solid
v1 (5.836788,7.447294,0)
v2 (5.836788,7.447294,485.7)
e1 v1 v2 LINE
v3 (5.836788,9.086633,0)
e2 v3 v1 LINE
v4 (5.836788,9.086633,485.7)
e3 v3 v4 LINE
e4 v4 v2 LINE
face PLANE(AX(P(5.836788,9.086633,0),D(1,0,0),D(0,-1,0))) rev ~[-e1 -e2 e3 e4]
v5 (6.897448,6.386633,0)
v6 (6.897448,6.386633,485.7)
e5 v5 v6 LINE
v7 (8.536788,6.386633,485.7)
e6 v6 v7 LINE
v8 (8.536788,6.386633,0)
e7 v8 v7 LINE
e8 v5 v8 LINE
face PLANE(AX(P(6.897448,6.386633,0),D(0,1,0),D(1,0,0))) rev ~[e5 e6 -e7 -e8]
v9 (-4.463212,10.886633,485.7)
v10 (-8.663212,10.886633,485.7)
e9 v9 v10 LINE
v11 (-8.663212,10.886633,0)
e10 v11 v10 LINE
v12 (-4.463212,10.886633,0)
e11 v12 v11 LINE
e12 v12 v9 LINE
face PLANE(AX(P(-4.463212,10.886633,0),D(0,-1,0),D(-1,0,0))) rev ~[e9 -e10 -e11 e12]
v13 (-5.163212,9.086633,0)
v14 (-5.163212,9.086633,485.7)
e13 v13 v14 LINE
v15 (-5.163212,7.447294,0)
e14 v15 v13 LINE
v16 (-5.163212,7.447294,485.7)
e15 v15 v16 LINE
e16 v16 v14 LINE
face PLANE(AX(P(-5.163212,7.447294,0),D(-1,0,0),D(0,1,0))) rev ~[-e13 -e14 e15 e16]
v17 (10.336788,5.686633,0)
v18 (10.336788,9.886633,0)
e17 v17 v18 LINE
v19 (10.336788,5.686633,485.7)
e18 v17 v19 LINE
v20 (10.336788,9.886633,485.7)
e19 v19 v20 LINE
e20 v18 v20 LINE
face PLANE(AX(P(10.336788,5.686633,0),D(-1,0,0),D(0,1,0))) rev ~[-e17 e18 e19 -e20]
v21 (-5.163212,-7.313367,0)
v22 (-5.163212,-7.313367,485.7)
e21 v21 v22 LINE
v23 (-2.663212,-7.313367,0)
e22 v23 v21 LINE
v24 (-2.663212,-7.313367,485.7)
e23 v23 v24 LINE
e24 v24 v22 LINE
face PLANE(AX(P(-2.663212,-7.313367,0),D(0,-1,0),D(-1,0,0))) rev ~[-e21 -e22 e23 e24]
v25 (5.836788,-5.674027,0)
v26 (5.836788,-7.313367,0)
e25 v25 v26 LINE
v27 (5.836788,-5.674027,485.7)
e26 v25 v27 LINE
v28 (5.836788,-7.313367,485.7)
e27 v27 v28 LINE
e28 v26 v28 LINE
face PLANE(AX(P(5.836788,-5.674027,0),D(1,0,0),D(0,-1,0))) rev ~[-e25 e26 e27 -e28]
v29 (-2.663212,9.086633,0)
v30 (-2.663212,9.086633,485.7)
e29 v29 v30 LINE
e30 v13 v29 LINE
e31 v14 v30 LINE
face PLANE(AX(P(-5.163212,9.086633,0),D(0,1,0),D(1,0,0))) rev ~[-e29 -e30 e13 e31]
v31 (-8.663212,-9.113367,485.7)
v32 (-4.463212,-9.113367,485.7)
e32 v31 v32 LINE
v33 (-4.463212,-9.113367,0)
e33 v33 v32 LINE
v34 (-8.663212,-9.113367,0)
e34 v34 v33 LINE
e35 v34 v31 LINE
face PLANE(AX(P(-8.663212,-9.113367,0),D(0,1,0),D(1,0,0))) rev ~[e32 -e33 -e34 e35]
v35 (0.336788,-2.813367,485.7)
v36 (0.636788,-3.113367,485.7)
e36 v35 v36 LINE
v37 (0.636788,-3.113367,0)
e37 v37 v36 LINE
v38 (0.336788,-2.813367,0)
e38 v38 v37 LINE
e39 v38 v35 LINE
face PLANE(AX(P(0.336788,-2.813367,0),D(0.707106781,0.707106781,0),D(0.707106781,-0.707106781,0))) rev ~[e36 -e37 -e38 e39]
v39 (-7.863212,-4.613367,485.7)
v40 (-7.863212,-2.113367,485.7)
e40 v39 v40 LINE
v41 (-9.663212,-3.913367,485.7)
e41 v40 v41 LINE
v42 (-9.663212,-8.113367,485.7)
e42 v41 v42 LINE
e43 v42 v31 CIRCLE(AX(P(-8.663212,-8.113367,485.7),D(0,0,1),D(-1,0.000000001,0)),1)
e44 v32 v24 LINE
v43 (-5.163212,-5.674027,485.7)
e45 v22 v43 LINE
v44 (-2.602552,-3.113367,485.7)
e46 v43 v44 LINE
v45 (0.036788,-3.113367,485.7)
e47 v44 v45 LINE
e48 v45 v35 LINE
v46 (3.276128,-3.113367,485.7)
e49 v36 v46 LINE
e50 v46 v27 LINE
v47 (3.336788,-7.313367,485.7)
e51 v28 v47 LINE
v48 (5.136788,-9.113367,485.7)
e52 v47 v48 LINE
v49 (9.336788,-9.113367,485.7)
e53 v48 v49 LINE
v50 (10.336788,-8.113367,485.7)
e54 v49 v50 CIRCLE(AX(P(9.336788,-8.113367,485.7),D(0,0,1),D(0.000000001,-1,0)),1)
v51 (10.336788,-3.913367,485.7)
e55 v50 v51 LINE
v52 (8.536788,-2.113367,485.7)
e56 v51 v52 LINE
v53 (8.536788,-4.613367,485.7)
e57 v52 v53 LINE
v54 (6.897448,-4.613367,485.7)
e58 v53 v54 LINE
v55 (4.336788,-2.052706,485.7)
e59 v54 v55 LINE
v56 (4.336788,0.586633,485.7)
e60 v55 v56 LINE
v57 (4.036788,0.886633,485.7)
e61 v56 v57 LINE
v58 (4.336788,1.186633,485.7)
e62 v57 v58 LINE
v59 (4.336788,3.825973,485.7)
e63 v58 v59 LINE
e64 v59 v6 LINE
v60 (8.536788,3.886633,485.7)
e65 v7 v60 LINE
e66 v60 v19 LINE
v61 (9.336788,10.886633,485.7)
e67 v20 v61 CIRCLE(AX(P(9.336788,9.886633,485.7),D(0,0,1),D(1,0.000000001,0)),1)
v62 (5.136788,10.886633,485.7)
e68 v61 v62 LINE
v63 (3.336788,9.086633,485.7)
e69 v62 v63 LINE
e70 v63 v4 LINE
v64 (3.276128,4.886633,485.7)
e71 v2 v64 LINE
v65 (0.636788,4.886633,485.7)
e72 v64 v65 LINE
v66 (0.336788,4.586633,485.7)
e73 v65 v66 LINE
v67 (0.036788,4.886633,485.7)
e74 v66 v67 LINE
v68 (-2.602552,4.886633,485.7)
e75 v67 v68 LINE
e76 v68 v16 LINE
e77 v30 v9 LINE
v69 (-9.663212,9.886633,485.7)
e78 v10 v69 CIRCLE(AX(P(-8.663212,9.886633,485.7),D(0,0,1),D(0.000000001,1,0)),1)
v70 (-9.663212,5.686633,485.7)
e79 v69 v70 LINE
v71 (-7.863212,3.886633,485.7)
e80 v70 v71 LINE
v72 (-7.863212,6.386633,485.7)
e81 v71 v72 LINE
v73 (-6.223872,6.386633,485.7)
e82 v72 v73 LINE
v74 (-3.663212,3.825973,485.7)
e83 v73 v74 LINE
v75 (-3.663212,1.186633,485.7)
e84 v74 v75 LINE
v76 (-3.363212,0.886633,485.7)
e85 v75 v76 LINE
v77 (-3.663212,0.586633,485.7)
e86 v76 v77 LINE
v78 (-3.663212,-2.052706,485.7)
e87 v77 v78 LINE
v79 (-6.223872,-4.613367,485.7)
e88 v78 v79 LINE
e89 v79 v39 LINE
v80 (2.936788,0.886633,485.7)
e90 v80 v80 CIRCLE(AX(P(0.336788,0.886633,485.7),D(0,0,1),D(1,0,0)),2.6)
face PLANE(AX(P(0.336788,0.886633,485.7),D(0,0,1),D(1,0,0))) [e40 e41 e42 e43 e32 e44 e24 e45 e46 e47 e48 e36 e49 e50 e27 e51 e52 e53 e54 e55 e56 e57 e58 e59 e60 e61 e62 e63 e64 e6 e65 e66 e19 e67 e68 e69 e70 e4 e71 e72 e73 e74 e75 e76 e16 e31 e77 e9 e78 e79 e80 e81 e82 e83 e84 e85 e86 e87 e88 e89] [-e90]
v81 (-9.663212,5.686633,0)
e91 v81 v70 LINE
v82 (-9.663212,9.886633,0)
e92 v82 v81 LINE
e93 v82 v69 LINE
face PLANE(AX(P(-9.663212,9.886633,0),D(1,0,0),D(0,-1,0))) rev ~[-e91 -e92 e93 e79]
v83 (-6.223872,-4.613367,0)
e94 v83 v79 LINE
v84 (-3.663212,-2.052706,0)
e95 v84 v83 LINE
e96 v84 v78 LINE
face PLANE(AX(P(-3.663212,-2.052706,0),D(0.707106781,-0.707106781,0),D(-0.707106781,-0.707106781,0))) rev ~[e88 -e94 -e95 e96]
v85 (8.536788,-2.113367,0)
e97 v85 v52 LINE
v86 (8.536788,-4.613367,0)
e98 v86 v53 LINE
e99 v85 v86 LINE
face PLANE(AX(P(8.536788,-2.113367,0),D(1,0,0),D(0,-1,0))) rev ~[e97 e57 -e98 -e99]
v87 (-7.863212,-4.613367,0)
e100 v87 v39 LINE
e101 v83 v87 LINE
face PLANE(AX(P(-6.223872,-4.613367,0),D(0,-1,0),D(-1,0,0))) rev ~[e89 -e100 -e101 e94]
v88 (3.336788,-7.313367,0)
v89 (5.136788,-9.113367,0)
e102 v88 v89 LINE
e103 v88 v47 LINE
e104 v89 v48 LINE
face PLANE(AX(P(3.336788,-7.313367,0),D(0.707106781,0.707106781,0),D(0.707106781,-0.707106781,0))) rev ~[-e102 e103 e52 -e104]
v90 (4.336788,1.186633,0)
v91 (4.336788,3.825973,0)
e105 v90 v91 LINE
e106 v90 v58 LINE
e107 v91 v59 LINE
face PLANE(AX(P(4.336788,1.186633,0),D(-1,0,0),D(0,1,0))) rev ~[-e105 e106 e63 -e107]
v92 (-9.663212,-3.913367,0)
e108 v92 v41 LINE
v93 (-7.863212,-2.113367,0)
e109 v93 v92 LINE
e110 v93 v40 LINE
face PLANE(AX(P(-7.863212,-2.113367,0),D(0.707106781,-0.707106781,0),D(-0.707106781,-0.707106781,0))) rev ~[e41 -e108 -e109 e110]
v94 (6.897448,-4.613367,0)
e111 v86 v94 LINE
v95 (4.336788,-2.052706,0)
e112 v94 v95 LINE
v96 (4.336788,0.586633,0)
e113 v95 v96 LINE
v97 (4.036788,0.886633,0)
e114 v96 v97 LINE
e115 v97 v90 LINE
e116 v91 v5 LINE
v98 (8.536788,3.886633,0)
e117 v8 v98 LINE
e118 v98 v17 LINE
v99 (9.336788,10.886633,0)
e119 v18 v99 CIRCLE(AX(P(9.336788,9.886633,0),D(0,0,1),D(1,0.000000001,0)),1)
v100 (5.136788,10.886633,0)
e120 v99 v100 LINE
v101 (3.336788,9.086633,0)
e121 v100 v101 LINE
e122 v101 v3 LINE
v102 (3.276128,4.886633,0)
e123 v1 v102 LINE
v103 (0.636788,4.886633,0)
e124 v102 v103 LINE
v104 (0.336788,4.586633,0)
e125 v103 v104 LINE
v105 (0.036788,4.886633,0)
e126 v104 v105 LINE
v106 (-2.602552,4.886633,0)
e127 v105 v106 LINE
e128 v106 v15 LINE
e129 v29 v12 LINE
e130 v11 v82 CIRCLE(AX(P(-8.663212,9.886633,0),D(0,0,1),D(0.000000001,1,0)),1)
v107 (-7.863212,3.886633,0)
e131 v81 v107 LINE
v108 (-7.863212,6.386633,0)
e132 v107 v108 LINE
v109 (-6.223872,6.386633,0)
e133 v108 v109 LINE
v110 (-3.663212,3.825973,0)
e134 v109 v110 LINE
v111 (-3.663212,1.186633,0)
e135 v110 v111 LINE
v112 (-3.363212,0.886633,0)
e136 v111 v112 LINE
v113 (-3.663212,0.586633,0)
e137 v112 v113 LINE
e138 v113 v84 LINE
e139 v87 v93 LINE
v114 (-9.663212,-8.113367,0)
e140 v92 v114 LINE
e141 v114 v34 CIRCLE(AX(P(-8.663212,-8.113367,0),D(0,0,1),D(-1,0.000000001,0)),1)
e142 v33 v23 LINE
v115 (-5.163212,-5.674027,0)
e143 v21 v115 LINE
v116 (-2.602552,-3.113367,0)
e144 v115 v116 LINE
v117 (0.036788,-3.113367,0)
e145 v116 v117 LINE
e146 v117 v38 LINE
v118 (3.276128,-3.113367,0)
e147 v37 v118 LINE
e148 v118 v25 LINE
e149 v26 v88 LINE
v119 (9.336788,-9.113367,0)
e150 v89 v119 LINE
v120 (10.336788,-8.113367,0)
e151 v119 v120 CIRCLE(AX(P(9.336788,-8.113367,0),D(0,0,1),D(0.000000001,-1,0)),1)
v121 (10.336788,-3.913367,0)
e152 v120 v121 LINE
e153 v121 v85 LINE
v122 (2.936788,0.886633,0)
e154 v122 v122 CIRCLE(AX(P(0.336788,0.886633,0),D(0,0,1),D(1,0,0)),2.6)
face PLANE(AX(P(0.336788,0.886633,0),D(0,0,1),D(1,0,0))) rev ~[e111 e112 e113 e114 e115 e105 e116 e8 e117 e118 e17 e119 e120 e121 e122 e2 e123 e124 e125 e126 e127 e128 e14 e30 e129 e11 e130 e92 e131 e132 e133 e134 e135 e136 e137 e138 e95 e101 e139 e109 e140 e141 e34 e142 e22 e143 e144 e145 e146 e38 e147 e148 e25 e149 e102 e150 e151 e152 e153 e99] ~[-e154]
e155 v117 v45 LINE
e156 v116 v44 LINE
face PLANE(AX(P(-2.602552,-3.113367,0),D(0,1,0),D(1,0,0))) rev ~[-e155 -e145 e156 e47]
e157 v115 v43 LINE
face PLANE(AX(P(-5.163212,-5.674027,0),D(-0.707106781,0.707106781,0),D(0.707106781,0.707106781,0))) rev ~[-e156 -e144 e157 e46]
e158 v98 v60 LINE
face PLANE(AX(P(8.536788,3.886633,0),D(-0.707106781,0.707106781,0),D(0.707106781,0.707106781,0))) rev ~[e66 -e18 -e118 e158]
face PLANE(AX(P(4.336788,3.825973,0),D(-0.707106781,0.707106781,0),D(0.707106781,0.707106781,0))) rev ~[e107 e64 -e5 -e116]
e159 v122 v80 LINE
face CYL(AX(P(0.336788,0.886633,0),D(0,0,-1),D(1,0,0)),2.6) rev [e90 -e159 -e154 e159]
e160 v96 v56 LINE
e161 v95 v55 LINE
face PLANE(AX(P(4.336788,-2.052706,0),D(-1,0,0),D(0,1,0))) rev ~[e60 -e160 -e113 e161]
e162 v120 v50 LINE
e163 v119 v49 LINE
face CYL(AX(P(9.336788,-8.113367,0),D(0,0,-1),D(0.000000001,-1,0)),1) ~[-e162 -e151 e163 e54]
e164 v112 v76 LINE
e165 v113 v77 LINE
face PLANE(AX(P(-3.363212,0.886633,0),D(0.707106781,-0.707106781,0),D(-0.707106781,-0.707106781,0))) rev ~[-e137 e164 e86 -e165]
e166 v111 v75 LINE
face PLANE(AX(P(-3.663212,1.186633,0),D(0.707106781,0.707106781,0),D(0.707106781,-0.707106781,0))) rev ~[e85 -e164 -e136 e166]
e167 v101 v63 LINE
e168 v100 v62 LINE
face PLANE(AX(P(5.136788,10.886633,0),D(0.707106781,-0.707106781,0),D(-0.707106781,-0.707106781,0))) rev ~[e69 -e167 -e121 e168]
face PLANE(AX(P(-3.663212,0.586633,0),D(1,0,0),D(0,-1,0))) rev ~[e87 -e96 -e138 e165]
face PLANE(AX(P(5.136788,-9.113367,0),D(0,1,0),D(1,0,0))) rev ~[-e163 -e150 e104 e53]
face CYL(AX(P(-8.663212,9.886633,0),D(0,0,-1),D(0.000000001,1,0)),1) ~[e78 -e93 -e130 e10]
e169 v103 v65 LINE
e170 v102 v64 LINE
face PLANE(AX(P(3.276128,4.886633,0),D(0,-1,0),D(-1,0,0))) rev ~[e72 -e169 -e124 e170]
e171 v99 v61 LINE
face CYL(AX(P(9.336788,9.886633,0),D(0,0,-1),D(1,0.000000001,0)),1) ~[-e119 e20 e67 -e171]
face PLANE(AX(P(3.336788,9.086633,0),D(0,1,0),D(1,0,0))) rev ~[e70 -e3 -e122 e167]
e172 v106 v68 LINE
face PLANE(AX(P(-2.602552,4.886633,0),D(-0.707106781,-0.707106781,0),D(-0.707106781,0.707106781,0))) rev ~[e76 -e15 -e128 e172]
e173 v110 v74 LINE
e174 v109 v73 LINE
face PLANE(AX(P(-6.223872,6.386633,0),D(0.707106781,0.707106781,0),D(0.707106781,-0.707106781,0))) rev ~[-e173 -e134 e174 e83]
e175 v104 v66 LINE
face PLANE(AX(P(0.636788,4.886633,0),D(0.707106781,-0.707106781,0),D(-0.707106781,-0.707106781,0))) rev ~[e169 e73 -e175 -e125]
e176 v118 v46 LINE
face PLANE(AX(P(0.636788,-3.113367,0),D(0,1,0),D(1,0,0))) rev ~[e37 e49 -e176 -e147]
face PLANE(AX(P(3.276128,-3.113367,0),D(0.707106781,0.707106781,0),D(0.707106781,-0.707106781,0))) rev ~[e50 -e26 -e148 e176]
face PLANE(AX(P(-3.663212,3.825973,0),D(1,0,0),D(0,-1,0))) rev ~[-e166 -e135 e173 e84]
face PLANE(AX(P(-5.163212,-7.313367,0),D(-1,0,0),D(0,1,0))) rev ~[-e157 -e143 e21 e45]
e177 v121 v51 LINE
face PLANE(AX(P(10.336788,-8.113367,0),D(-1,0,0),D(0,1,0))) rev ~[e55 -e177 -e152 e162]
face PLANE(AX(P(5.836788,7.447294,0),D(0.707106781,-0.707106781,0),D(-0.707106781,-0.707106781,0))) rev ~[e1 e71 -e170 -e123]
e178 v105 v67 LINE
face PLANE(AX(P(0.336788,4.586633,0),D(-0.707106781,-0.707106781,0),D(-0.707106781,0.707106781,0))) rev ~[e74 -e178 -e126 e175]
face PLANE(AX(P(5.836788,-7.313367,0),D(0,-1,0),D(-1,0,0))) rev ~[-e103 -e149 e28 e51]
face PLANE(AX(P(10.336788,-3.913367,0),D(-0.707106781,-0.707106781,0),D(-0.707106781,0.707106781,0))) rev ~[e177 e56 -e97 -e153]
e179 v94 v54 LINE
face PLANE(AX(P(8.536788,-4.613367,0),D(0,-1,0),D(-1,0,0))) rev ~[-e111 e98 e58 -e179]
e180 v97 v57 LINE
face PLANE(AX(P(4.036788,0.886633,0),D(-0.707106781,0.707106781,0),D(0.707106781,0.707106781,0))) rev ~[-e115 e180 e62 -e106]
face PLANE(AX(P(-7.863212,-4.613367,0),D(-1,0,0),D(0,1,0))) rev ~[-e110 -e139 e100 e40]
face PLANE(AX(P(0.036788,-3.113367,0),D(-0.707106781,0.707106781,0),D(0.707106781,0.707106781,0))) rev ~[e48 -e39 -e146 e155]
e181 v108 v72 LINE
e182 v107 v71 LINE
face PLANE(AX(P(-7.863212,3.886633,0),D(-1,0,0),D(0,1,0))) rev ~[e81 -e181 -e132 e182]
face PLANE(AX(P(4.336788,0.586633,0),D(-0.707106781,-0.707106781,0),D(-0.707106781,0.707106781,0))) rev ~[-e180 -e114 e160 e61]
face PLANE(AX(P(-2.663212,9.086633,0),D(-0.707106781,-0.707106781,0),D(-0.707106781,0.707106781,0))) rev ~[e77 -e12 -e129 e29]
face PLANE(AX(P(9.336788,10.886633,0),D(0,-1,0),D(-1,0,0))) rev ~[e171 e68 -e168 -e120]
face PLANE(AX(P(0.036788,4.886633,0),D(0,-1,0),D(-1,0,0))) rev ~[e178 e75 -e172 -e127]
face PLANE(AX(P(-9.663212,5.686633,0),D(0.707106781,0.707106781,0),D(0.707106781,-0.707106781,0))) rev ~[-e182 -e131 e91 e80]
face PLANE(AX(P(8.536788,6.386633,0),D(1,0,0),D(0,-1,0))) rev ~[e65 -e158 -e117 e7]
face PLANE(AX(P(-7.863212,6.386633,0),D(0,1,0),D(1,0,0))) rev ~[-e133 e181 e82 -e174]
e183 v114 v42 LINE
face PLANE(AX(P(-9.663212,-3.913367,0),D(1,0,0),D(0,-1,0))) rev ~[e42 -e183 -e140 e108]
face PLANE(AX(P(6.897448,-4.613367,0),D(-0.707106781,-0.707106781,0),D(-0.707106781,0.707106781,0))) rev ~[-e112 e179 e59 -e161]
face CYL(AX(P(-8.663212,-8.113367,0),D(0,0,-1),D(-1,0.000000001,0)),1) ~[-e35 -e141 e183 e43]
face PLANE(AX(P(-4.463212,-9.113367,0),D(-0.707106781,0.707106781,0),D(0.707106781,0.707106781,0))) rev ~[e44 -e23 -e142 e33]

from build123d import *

# Parameters (mm, degrees)
SKETCH1_R           = 2.6
BOSS_EXTRUDE1_DEPTH = 485.7


with BuildPart() as part:
    # Sketch1 → Boss-Extrude1 (new body)
    with BuildSketch(Plane.XY):
        with BuildLine():
            Line((10.336788111, -8.113366567), (10.336788111, -3.913366567))
            Line((10.336788111, -3.913366567), (8.536788111, -2.113366567))
            Line((8.536788111, -2.113366567), (8.536788111, -4.613366567))
            Line((8.536788111, -4.613366567), (6.897448282, -4.613366567))
            Line((6.897448282, -4.613366567), (4.336788111, -2.052706395))
            Line((4.336788111, -2.052706395), (4.336788111, 0.586633433))
            Line((4.336788111, 0.586633433), (4.036788111, 0.886633433))
            Line((4.036788111, 0.886633433), (4.336788111, 1.186633433))
            Line((4.336788111, 1.186633433), (4.336788111, 3.825973261))
            Line((4.336788111, 3.825973261), (6.897448282, 6.386633433))
            Line((6.897448282, 6.386633433), (8.536788111, 6.386633433))
            Line((8.536788111, 6.386633433), (8.536788111, 3.886633433))
            Line((8.536788111, 3.886633433), (10.336788111, 5.686633433))
            Line((10.336788111, 5.686633433), (10.336788111, 9.886633433))
            ThreePointArc((10.336788111, 9.886633433), (10.043894892, 10.593740214), (9.336788111, 10.886633433))
            Line((9.336788111, 10.886633433), (5.136788111, 10.886633433))
            Line((5.136788111, 10.886633433), (3.336788111, 9.086633433))
            Line((3.336788111, 9.086633433), (5.836788111, 9.086633433))
            Line((5.836788111, 9.086633433), (5.836788111, 7.447293605))
            Line((5.836788111, 7.447293605), (3.276127939, 4.886633433))
            Line((3.276127939, 4.886633433), (0.636788111, 4.886633433))
            Line((0.636788111, 4.886633433), (0.336788111, 4.586633433))
            Line((0.336788111, 4.586633433), (0.036788111, 4.886633433))
            Line((0.036788111, 4.886633433), (-2.602551718, 4.886633433))
            Line((-2.602551718, 4.886633433), (-5.163211889, 7.447293605))
            Line((-5.163211889, 7.447293605), (-5.163211889, 9.086633433))
            Line((-5.163211889, 9.086633433), (-2.663211889, 9.086633433))
            Line((-2.663211889, 9.086633433), (-4.463211889, 10.886633433))
            Line((-4.463211889, 10.886633433), (-8.663211889, 10.886633433))
            ThreePointArc((-8.663211889, 10.886633433), (-9.370318671, 10.593740214), (-9.663211889, 9.886633433))
            Line((-9.663211889, 9.886633433), (-9.663211889, 5.686633433))
            Line((-9.663211889, 5.686633433), (-7.863211889, 3.886633433))
            Line((-7.863211889, 3.886633433), (-7.863211889, 6.386633433))
            Line((-7.863211889, 6.386633433), (-6.223872061, 6.386633433))
            Line((-6.223872061, 6.386633433), (-3.663211889, 3.825973261))
            Line((-3.663211889, 3.825973261), (-3.663211889, 1.186633433))
            Line((-3.663211889, 1.186633433), (-3.363211889, 0.886633433))
            Line((-3.363211889, 0.886633433), (-3.663211889, 0.586633433))
            Line((-3.663211889, 0.586633433), (-3.663211889, -2.052706395))
            Line((-3.663211889, -2.052706395), (-6.223872061, -4.613366567))
            Line((-6.223872061, -4.613366567), (-7.863211889, -4.613366567))
            Line((-7.863211889, -4.613366567), (-7.863211889, -2.113366567))
            Line((-7.863211889, -2.113366567), (-9.663211889, -3.913366567))
            Line((-9.663211889, -3.913366567), (-9.663211889, -8.113366567))
            ThreePointArc((-9.663211889, -8.113366567), (-9.370318671, -8.820473348), (-8.663211889, -9.113366567))
            Line((-8.663211889, -9.113366567), (-4.463211889, -9.113366567))
            Line((-4.463211889, -9.113366567), (-2.663211889, -7.313366567))
            Line((-2.663211889, -7.313366567), (-5.163211889, -7.313366567))
            Line((-5.163211889, -7.313366567), (-5.163211889, -5.674026739))
            Line((-5.163211889, -5.674026739), (-2.602551718, -3.113366567))
            Line((-2.602551718, -3.113366567), (0.036788111, -3.113366567))
            Line((0.036788111, -3.113366567), (0.336788111, -2.813366567))
            Line((0.336788111, -2.813366567), (0.636788111, -3.113366567))
            Line((0.636788111, -3.113366567), (3.276127939, -3.113366567))
            Line((3.276127939, -3.113366567), (5.836788111, -5.674026739))
            Line((5.836788111, -5.674026739), (5.836788111, -7.313366567))
            Line((5.836788111, -7.313366567), (3.336788111, -7.313366567))
            Line((3.336788111, -7.313366567), (5.136788111, -9.113366567))
            Line((5.136788111, -9.113366567), (9.336788111, -9.113366567))
            ThreePointArc((9.336788111, -9.113366567), (10.043894892, -8.820473348), (10.336788111, -8.113366567))
        make_face()
        with Locations((0.336788111, 0.886633433)):
            Circle(SKETCH1_R, mode=Mode.SUBTRACT)
    extrude(amount=BOSS_EXTRUDE1_DEPTH)


solid = part.part
